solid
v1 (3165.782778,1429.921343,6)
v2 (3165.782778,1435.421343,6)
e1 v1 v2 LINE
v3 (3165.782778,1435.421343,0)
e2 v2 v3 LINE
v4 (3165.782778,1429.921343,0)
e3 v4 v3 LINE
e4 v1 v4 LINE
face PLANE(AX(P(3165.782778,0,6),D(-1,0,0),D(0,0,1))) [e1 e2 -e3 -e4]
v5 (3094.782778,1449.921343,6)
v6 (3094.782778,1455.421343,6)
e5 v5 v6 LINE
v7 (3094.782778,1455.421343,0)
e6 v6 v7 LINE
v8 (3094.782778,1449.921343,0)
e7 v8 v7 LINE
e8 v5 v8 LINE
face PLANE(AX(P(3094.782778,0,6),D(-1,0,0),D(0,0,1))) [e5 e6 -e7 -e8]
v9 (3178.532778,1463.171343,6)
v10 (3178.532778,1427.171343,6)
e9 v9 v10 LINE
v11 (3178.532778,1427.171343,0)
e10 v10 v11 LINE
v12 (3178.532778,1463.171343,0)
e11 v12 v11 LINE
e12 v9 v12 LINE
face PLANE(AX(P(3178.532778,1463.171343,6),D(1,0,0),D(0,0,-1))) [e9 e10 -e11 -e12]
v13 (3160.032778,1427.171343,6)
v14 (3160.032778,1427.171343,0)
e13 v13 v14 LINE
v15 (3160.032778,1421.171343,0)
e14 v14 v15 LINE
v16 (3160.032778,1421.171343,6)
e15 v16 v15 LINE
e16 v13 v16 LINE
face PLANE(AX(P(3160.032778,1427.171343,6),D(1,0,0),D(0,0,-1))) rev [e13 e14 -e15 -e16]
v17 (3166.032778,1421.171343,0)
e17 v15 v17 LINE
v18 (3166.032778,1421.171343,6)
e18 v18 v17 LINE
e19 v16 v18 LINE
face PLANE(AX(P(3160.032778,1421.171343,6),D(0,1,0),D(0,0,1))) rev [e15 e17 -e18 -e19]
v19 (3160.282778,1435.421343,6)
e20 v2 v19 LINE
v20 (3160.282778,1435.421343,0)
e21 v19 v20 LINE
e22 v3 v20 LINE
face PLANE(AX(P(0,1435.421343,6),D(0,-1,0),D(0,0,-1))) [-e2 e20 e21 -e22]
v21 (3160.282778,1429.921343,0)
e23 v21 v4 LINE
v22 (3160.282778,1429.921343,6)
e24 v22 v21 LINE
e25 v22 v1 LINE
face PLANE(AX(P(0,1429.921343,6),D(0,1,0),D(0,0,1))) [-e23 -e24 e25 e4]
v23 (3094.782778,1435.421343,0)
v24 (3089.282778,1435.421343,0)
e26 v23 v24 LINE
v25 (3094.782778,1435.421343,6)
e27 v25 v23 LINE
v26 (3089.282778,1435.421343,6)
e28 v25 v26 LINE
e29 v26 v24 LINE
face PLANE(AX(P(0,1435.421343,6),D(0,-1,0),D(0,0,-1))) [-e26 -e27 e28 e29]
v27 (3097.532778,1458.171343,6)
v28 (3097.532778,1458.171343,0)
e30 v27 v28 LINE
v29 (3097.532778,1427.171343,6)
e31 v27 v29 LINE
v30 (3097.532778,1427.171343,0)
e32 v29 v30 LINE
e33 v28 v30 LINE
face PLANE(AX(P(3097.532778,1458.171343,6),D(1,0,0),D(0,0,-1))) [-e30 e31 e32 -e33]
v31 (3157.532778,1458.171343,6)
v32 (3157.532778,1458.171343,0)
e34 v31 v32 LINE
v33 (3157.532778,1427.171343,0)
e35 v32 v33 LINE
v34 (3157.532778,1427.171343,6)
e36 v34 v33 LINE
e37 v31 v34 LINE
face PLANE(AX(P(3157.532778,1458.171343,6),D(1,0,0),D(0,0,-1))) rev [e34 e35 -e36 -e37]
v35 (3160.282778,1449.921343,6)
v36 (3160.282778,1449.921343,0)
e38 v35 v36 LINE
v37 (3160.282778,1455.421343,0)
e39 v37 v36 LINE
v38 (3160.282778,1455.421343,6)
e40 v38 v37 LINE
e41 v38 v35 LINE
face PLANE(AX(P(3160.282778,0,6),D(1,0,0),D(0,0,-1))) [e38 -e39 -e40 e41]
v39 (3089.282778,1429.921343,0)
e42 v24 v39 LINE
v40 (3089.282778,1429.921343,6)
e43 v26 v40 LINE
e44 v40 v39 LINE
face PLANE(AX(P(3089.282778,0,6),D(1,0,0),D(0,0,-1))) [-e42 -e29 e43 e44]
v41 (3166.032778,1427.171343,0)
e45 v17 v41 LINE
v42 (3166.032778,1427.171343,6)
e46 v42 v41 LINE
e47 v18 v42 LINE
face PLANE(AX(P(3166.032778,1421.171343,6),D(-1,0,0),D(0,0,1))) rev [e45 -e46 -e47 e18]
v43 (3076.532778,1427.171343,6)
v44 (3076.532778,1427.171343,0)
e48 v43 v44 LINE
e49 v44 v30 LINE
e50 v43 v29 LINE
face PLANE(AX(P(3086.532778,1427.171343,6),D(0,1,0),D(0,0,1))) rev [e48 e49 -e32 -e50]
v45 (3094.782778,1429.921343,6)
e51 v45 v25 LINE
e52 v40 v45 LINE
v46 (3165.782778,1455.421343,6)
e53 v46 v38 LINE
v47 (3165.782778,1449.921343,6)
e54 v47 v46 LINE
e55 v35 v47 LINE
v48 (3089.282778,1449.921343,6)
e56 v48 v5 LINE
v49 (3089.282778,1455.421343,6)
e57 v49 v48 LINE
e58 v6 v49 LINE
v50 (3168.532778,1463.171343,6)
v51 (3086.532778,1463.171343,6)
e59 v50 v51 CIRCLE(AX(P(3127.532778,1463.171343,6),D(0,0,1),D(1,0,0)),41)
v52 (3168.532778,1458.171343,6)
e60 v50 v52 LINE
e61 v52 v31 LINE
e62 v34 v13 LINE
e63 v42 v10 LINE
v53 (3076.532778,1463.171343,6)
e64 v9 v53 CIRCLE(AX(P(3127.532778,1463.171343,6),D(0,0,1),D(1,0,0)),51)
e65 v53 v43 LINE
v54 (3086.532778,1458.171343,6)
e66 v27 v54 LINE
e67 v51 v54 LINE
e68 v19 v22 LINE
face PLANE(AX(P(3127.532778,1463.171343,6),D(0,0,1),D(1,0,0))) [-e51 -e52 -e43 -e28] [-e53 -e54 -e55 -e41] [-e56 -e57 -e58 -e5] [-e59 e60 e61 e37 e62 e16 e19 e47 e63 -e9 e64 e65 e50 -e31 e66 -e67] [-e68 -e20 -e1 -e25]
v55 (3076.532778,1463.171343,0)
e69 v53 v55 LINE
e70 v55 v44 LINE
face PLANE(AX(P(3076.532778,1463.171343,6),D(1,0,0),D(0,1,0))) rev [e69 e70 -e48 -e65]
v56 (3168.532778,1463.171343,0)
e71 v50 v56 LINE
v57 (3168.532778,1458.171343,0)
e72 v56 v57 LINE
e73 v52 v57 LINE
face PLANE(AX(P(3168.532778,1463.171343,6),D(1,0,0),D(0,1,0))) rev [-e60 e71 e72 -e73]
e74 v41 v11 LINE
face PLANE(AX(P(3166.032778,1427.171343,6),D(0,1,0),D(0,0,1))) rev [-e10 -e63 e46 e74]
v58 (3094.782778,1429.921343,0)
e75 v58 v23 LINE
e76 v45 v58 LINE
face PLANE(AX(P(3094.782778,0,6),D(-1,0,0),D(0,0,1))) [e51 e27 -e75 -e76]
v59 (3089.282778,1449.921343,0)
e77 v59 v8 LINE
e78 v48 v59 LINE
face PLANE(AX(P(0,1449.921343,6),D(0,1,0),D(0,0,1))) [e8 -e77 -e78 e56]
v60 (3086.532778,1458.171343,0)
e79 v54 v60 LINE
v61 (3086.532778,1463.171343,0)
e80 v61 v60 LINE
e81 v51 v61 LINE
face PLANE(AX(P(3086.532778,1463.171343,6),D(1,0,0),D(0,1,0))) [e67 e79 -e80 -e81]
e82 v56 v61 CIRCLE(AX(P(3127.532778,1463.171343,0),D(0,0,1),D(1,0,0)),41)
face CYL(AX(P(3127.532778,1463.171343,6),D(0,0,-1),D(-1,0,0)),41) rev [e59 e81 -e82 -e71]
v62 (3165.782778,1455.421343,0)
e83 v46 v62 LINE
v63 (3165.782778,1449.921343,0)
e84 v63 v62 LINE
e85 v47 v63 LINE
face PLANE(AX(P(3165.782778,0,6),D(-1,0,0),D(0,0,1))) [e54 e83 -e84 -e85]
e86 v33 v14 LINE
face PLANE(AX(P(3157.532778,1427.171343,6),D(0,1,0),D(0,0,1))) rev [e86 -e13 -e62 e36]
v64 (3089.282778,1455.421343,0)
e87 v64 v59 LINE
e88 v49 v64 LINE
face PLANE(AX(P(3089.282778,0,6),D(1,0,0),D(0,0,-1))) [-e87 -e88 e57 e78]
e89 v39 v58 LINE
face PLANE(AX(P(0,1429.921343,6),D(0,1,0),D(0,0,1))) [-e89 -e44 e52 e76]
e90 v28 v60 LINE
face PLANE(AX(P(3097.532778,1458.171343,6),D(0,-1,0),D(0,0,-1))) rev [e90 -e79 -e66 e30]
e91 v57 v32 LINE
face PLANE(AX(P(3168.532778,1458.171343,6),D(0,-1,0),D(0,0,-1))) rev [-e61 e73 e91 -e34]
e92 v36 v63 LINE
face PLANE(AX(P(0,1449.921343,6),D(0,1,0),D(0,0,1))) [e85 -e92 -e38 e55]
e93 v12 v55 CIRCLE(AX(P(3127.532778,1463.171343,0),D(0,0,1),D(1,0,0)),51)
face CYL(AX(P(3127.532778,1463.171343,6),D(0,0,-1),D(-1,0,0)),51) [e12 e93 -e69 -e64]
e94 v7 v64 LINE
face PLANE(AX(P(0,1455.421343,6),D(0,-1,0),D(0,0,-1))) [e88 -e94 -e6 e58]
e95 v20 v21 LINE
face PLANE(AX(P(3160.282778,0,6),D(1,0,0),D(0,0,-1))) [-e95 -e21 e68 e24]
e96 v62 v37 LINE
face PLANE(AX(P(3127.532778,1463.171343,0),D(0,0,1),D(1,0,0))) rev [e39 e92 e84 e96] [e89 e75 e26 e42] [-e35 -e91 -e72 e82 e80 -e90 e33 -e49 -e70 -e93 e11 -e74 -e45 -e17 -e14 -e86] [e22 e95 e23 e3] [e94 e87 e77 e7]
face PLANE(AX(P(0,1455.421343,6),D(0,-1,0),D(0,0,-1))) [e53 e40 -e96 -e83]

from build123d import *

# Parameters (mm, degrees)
MODEL_W             = 5.5
MODEL_H             = 5.5
BOSS_EXTRUDE1_DEPTH = 6


with BuildPart() as part:
    # Model → Boss-Extrude1 (new body)
    with BuildSketch(Plane.XY):
        with BuildLine():
            Line((3076.532777825, 1463.171342736), (3076.532777825, 1427.171342736))
            Line((3076.532777825, 1427.171342736), (3086.532777825, 1427.171342736))
            Line((3086.532777825, 1427.171342736), (3097.532777825, 1427.171342736))
            Line((3097.532777825, 1427.171342736), (3097.532777825, 1458.171342736))
            Line((3097.532777825, 1458.171342736), (3086.532777825, 1458.171342736))
            Line((3086.532777825, 1458.171342736), (3086.532777825, 1463.171342736))
            ThreePointArc((3086.532777825, 1463.171342736), (3127.532777825, 1504.171342736), (3168.532777825, 1463.171342736))
            Line((3168.532777825, 1463.171342736), (3168.532777825, 1458.171342736))
            Line((3168.532777825, 1458.171342736), (3157.532777825, 1458.171342736))
            Line((3157.532777825, 1458.171342736), (3157.532777825, 1427.171342736))
            Line((3157.532777825, 1427.171342736), (3160.032777825, 1427.171342736))
            Line((3160.032777825, 1427.171342736), (3160.032777825, 1421.171342736))
            Line((3160.032777825, 1421.171342736), (3166.032777825, 1421.171342736))
            Line((3166.032777825, 1421.171342736), (3166.032777825, 1427.171342736))
            Line((3166.032777825, 1427.171342736), (3178.532777825, 1427.171342736))
            Line((3178.532777825, 1427.171342736), (3178.532777825, 1463.171342736))
            ThreePointArc((3178.532777825, 1463.171342736), (3127.532777825, 1514.171342736), (3076.532777825, 1463.171342736))
        make_face()
        with Locations((3163.032777825, 1432.671342736)):
            Rectangle(MODEL_W, MODEL_H, mode=Mode.SUBTRACT)
        with Locations((3163.032777825, 1452.671342736)):
            Rectangle(MODEL_W, MODEL_H, mode=Mode.SUBTRACT)
        with Locations((3092.032777825, 1432.671342736)):
            Rectangle(MODEL_W, MODEL_H, mode=Mode.SUBTRACT)
        with Locations((3092.032777825, 1452.671342736)):
            Rectangle(MODEL_W, MODEL_H, mode=Mode.SUBTRACT)
    extrude(amount=BOSS_EXTRUDE1_DEPTH)


solid = part.part
